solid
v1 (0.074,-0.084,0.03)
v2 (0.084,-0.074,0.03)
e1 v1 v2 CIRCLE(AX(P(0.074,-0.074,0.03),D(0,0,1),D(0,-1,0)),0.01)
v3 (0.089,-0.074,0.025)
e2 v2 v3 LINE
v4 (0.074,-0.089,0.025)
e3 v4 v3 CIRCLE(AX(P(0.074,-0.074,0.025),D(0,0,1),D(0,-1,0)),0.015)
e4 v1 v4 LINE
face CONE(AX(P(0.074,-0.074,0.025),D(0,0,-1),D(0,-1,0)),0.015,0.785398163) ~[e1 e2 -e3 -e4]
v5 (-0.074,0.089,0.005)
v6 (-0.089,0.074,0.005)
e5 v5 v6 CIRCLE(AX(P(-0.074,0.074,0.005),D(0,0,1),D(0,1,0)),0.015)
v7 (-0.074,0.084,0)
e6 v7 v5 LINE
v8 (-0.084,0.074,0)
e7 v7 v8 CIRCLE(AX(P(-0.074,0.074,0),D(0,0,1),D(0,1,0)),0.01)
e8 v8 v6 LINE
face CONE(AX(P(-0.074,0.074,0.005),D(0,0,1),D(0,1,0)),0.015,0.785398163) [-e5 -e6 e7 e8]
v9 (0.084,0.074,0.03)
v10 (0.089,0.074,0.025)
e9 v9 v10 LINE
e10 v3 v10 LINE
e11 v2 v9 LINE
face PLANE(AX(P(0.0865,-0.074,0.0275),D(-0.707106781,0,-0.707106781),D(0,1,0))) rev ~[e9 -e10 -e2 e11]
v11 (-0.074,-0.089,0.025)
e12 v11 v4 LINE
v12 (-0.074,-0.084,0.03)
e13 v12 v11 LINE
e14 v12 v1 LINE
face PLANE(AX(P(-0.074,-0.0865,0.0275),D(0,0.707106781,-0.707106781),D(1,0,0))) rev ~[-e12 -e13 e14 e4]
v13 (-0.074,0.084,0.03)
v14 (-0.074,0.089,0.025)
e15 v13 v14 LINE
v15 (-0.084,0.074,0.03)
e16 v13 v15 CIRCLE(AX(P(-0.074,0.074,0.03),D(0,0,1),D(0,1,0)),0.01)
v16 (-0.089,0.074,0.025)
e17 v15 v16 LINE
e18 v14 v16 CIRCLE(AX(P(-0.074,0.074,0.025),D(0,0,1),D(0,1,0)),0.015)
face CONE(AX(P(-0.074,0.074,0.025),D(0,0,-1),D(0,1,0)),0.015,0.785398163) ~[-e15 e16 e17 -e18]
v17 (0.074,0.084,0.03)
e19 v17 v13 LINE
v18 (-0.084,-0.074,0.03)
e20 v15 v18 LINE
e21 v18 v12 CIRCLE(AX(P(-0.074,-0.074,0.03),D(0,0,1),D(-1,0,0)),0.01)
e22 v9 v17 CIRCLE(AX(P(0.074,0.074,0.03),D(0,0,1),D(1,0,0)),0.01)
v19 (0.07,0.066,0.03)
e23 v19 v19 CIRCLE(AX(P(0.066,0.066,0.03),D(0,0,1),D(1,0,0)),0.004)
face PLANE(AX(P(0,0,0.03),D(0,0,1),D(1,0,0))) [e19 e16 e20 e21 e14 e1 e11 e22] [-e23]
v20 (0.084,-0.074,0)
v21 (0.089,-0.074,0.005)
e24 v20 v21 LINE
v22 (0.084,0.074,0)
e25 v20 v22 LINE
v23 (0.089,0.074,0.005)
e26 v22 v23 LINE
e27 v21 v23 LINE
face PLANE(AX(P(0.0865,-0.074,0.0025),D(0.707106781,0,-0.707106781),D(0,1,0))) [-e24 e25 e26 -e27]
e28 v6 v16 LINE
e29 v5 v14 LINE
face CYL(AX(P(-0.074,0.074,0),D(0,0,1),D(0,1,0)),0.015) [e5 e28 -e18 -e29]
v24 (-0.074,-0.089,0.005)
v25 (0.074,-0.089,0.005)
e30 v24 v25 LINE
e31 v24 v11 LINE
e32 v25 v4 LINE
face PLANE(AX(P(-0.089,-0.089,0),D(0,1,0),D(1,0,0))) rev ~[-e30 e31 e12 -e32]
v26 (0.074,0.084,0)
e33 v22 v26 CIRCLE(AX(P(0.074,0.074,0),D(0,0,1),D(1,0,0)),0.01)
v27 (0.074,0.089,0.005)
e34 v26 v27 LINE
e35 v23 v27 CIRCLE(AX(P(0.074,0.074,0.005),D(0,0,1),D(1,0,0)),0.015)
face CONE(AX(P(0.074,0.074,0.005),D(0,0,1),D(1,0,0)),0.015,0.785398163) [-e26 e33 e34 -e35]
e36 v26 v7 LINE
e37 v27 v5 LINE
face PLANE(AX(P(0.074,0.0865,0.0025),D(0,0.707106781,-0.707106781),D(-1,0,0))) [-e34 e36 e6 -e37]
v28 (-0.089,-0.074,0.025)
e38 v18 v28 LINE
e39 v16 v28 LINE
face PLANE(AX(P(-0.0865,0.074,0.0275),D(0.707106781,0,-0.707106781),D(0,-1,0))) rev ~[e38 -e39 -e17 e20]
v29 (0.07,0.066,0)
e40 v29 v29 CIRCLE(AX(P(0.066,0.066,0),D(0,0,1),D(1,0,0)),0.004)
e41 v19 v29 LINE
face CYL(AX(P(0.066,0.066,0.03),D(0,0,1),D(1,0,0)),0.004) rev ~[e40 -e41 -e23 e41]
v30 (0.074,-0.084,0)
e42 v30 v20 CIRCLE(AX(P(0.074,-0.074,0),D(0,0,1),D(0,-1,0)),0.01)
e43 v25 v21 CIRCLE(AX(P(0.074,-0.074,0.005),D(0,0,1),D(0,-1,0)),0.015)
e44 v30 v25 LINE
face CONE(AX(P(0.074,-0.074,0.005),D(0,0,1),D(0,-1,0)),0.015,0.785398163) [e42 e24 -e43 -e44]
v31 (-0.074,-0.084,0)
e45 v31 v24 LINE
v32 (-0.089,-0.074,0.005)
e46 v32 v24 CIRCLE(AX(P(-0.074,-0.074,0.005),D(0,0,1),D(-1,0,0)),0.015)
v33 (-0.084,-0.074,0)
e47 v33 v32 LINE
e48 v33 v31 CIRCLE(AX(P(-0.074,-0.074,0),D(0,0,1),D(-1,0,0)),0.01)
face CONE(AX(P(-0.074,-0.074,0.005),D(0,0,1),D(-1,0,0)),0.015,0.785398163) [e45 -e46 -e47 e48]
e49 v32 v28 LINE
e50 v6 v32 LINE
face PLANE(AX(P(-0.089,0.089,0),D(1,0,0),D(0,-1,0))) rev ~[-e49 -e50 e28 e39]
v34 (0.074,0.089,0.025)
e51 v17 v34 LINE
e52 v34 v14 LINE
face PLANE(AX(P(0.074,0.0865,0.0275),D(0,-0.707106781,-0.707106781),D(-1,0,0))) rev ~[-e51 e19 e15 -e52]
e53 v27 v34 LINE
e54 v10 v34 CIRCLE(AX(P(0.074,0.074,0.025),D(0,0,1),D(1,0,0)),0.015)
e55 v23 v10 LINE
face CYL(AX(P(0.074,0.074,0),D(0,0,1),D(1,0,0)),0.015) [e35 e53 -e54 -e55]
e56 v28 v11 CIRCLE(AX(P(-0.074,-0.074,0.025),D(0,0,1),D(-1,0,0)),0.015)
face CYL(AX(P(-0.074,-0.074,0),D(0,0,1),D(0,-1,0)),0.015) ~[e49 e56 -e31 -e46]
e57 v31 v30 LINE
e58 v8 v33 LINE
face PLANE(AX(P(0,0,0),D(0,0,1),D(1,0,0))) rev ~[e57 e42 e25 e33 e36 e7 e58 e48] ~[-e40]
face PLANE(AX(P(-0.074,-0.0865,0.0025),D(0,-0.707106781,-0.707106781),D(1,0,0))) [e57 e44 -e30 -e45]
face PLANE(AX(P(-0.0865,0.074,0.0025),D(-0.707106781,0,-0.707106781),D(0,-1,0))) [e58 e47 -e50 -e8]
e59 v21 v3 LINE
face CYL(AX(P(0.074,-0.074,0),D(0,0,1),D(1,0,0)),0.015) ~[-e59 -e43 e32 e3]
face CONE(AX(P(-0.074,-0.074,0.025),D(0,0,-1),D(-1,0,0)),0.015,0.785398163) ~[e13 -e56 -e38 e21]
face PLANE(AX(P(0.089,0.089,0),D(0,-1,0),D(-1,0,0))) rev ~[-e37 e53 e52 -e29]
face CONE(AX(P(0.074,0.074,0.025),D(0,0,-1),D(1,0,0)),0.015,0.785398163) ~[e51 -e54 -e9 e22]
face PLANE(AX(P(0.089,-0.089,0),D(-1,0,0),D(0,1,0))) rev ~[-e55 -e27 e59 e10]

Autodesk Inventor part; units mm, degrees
ref_plane "YZ Plane" through (0, 0, 0) normal (1, 0, 0) x (0, 1, 0)
ref_plane "XZ Plane" through (0, 0, 0) normal (0, 1, 0) x (-1, 0, 0)
ref_plane "XY Plane" through (0, 0, 0) normal (0, 0, 1) x (1, 0, 0)
sketch "Schizzo1" plane through (0, 0, 0) normal (0, 0, 1) x (1, 0, 0)
  line L0 (0.089, 0.089) -> (-0.089, 0.089)
  line L1 (-0.089, 0.089) -> (-0.089, -0.089)
  line L2 (-0.089, -0.089) -> (0.089, -0.089)
  line L3 (0.089, -0.089) -> (0.089, 0.089)
  line L4 (0.089, 0.089) -> (-0.089, -0.089) construction
  line L5 (-0.089, 0.089) -> (0.089, -0.089) construction
  point P0 (0, 0)
  dimension "d0" = 0.178
  dimension "d1" = 0.178
extrude "Estrusione1" add sketch "Schizzo1" along normal blind 0.03
sketch "Schizzo2" plane through (0, 0, 0.03) normal (0, 0, 1) x (1, 0, 0)
  line L0 (-0.089, 0.089) -> (-0.089, -0.089) construction
  line L1 (-0.089, -0.089) -> (0.089, -0.089) construction
  line L2 (0.089, -0.089) -> (0.089, 0.089) construction
  line L3 (0.089, 0.089) -> (-0.089, 0.089) construction
  circle A0 centre (0.066, 0.066) radius 0.004
  point P0 (0, 0)
  dimension "d4" = 0.023
  dimension "d5" = 0.023
  dimension "d6" = 0.008
extrude "Estrusione2" cut sketch "Schizzo2" against normal through all
fillet "Raccordo1" radius 0.015 4 edges at (0.089, 0.089, 0.015) (-0.089, 0.089, 0.015) (0.089, -0.089, 0.015) (-0.089, -0.089, 0.015)
chamfer "Smusso1" distance 0.005 angle 45 16 edges at (0, 0.089, 0.03) (-0.0846, 0.0846, 0.03) (-0.089, 0, 0.03) (-0.0846, -0.0846, 0.03) (0, -0.089, 0.03) (0.0846, -0.0846, 0.03) (0.089, 0, 0.03) (0.0846, 0.0846, 0.03) (0, 0.089, 0) (-0.0846, 0.0846, 0) (-0.089, 0, 0) (-0.0846, -0.0846, 0) (0, -0.089, 0) (0.0846, -0.0846, 0) (0.089, 0, 0) (0.0846, 0.0846, 0)
properties part number "plate"
